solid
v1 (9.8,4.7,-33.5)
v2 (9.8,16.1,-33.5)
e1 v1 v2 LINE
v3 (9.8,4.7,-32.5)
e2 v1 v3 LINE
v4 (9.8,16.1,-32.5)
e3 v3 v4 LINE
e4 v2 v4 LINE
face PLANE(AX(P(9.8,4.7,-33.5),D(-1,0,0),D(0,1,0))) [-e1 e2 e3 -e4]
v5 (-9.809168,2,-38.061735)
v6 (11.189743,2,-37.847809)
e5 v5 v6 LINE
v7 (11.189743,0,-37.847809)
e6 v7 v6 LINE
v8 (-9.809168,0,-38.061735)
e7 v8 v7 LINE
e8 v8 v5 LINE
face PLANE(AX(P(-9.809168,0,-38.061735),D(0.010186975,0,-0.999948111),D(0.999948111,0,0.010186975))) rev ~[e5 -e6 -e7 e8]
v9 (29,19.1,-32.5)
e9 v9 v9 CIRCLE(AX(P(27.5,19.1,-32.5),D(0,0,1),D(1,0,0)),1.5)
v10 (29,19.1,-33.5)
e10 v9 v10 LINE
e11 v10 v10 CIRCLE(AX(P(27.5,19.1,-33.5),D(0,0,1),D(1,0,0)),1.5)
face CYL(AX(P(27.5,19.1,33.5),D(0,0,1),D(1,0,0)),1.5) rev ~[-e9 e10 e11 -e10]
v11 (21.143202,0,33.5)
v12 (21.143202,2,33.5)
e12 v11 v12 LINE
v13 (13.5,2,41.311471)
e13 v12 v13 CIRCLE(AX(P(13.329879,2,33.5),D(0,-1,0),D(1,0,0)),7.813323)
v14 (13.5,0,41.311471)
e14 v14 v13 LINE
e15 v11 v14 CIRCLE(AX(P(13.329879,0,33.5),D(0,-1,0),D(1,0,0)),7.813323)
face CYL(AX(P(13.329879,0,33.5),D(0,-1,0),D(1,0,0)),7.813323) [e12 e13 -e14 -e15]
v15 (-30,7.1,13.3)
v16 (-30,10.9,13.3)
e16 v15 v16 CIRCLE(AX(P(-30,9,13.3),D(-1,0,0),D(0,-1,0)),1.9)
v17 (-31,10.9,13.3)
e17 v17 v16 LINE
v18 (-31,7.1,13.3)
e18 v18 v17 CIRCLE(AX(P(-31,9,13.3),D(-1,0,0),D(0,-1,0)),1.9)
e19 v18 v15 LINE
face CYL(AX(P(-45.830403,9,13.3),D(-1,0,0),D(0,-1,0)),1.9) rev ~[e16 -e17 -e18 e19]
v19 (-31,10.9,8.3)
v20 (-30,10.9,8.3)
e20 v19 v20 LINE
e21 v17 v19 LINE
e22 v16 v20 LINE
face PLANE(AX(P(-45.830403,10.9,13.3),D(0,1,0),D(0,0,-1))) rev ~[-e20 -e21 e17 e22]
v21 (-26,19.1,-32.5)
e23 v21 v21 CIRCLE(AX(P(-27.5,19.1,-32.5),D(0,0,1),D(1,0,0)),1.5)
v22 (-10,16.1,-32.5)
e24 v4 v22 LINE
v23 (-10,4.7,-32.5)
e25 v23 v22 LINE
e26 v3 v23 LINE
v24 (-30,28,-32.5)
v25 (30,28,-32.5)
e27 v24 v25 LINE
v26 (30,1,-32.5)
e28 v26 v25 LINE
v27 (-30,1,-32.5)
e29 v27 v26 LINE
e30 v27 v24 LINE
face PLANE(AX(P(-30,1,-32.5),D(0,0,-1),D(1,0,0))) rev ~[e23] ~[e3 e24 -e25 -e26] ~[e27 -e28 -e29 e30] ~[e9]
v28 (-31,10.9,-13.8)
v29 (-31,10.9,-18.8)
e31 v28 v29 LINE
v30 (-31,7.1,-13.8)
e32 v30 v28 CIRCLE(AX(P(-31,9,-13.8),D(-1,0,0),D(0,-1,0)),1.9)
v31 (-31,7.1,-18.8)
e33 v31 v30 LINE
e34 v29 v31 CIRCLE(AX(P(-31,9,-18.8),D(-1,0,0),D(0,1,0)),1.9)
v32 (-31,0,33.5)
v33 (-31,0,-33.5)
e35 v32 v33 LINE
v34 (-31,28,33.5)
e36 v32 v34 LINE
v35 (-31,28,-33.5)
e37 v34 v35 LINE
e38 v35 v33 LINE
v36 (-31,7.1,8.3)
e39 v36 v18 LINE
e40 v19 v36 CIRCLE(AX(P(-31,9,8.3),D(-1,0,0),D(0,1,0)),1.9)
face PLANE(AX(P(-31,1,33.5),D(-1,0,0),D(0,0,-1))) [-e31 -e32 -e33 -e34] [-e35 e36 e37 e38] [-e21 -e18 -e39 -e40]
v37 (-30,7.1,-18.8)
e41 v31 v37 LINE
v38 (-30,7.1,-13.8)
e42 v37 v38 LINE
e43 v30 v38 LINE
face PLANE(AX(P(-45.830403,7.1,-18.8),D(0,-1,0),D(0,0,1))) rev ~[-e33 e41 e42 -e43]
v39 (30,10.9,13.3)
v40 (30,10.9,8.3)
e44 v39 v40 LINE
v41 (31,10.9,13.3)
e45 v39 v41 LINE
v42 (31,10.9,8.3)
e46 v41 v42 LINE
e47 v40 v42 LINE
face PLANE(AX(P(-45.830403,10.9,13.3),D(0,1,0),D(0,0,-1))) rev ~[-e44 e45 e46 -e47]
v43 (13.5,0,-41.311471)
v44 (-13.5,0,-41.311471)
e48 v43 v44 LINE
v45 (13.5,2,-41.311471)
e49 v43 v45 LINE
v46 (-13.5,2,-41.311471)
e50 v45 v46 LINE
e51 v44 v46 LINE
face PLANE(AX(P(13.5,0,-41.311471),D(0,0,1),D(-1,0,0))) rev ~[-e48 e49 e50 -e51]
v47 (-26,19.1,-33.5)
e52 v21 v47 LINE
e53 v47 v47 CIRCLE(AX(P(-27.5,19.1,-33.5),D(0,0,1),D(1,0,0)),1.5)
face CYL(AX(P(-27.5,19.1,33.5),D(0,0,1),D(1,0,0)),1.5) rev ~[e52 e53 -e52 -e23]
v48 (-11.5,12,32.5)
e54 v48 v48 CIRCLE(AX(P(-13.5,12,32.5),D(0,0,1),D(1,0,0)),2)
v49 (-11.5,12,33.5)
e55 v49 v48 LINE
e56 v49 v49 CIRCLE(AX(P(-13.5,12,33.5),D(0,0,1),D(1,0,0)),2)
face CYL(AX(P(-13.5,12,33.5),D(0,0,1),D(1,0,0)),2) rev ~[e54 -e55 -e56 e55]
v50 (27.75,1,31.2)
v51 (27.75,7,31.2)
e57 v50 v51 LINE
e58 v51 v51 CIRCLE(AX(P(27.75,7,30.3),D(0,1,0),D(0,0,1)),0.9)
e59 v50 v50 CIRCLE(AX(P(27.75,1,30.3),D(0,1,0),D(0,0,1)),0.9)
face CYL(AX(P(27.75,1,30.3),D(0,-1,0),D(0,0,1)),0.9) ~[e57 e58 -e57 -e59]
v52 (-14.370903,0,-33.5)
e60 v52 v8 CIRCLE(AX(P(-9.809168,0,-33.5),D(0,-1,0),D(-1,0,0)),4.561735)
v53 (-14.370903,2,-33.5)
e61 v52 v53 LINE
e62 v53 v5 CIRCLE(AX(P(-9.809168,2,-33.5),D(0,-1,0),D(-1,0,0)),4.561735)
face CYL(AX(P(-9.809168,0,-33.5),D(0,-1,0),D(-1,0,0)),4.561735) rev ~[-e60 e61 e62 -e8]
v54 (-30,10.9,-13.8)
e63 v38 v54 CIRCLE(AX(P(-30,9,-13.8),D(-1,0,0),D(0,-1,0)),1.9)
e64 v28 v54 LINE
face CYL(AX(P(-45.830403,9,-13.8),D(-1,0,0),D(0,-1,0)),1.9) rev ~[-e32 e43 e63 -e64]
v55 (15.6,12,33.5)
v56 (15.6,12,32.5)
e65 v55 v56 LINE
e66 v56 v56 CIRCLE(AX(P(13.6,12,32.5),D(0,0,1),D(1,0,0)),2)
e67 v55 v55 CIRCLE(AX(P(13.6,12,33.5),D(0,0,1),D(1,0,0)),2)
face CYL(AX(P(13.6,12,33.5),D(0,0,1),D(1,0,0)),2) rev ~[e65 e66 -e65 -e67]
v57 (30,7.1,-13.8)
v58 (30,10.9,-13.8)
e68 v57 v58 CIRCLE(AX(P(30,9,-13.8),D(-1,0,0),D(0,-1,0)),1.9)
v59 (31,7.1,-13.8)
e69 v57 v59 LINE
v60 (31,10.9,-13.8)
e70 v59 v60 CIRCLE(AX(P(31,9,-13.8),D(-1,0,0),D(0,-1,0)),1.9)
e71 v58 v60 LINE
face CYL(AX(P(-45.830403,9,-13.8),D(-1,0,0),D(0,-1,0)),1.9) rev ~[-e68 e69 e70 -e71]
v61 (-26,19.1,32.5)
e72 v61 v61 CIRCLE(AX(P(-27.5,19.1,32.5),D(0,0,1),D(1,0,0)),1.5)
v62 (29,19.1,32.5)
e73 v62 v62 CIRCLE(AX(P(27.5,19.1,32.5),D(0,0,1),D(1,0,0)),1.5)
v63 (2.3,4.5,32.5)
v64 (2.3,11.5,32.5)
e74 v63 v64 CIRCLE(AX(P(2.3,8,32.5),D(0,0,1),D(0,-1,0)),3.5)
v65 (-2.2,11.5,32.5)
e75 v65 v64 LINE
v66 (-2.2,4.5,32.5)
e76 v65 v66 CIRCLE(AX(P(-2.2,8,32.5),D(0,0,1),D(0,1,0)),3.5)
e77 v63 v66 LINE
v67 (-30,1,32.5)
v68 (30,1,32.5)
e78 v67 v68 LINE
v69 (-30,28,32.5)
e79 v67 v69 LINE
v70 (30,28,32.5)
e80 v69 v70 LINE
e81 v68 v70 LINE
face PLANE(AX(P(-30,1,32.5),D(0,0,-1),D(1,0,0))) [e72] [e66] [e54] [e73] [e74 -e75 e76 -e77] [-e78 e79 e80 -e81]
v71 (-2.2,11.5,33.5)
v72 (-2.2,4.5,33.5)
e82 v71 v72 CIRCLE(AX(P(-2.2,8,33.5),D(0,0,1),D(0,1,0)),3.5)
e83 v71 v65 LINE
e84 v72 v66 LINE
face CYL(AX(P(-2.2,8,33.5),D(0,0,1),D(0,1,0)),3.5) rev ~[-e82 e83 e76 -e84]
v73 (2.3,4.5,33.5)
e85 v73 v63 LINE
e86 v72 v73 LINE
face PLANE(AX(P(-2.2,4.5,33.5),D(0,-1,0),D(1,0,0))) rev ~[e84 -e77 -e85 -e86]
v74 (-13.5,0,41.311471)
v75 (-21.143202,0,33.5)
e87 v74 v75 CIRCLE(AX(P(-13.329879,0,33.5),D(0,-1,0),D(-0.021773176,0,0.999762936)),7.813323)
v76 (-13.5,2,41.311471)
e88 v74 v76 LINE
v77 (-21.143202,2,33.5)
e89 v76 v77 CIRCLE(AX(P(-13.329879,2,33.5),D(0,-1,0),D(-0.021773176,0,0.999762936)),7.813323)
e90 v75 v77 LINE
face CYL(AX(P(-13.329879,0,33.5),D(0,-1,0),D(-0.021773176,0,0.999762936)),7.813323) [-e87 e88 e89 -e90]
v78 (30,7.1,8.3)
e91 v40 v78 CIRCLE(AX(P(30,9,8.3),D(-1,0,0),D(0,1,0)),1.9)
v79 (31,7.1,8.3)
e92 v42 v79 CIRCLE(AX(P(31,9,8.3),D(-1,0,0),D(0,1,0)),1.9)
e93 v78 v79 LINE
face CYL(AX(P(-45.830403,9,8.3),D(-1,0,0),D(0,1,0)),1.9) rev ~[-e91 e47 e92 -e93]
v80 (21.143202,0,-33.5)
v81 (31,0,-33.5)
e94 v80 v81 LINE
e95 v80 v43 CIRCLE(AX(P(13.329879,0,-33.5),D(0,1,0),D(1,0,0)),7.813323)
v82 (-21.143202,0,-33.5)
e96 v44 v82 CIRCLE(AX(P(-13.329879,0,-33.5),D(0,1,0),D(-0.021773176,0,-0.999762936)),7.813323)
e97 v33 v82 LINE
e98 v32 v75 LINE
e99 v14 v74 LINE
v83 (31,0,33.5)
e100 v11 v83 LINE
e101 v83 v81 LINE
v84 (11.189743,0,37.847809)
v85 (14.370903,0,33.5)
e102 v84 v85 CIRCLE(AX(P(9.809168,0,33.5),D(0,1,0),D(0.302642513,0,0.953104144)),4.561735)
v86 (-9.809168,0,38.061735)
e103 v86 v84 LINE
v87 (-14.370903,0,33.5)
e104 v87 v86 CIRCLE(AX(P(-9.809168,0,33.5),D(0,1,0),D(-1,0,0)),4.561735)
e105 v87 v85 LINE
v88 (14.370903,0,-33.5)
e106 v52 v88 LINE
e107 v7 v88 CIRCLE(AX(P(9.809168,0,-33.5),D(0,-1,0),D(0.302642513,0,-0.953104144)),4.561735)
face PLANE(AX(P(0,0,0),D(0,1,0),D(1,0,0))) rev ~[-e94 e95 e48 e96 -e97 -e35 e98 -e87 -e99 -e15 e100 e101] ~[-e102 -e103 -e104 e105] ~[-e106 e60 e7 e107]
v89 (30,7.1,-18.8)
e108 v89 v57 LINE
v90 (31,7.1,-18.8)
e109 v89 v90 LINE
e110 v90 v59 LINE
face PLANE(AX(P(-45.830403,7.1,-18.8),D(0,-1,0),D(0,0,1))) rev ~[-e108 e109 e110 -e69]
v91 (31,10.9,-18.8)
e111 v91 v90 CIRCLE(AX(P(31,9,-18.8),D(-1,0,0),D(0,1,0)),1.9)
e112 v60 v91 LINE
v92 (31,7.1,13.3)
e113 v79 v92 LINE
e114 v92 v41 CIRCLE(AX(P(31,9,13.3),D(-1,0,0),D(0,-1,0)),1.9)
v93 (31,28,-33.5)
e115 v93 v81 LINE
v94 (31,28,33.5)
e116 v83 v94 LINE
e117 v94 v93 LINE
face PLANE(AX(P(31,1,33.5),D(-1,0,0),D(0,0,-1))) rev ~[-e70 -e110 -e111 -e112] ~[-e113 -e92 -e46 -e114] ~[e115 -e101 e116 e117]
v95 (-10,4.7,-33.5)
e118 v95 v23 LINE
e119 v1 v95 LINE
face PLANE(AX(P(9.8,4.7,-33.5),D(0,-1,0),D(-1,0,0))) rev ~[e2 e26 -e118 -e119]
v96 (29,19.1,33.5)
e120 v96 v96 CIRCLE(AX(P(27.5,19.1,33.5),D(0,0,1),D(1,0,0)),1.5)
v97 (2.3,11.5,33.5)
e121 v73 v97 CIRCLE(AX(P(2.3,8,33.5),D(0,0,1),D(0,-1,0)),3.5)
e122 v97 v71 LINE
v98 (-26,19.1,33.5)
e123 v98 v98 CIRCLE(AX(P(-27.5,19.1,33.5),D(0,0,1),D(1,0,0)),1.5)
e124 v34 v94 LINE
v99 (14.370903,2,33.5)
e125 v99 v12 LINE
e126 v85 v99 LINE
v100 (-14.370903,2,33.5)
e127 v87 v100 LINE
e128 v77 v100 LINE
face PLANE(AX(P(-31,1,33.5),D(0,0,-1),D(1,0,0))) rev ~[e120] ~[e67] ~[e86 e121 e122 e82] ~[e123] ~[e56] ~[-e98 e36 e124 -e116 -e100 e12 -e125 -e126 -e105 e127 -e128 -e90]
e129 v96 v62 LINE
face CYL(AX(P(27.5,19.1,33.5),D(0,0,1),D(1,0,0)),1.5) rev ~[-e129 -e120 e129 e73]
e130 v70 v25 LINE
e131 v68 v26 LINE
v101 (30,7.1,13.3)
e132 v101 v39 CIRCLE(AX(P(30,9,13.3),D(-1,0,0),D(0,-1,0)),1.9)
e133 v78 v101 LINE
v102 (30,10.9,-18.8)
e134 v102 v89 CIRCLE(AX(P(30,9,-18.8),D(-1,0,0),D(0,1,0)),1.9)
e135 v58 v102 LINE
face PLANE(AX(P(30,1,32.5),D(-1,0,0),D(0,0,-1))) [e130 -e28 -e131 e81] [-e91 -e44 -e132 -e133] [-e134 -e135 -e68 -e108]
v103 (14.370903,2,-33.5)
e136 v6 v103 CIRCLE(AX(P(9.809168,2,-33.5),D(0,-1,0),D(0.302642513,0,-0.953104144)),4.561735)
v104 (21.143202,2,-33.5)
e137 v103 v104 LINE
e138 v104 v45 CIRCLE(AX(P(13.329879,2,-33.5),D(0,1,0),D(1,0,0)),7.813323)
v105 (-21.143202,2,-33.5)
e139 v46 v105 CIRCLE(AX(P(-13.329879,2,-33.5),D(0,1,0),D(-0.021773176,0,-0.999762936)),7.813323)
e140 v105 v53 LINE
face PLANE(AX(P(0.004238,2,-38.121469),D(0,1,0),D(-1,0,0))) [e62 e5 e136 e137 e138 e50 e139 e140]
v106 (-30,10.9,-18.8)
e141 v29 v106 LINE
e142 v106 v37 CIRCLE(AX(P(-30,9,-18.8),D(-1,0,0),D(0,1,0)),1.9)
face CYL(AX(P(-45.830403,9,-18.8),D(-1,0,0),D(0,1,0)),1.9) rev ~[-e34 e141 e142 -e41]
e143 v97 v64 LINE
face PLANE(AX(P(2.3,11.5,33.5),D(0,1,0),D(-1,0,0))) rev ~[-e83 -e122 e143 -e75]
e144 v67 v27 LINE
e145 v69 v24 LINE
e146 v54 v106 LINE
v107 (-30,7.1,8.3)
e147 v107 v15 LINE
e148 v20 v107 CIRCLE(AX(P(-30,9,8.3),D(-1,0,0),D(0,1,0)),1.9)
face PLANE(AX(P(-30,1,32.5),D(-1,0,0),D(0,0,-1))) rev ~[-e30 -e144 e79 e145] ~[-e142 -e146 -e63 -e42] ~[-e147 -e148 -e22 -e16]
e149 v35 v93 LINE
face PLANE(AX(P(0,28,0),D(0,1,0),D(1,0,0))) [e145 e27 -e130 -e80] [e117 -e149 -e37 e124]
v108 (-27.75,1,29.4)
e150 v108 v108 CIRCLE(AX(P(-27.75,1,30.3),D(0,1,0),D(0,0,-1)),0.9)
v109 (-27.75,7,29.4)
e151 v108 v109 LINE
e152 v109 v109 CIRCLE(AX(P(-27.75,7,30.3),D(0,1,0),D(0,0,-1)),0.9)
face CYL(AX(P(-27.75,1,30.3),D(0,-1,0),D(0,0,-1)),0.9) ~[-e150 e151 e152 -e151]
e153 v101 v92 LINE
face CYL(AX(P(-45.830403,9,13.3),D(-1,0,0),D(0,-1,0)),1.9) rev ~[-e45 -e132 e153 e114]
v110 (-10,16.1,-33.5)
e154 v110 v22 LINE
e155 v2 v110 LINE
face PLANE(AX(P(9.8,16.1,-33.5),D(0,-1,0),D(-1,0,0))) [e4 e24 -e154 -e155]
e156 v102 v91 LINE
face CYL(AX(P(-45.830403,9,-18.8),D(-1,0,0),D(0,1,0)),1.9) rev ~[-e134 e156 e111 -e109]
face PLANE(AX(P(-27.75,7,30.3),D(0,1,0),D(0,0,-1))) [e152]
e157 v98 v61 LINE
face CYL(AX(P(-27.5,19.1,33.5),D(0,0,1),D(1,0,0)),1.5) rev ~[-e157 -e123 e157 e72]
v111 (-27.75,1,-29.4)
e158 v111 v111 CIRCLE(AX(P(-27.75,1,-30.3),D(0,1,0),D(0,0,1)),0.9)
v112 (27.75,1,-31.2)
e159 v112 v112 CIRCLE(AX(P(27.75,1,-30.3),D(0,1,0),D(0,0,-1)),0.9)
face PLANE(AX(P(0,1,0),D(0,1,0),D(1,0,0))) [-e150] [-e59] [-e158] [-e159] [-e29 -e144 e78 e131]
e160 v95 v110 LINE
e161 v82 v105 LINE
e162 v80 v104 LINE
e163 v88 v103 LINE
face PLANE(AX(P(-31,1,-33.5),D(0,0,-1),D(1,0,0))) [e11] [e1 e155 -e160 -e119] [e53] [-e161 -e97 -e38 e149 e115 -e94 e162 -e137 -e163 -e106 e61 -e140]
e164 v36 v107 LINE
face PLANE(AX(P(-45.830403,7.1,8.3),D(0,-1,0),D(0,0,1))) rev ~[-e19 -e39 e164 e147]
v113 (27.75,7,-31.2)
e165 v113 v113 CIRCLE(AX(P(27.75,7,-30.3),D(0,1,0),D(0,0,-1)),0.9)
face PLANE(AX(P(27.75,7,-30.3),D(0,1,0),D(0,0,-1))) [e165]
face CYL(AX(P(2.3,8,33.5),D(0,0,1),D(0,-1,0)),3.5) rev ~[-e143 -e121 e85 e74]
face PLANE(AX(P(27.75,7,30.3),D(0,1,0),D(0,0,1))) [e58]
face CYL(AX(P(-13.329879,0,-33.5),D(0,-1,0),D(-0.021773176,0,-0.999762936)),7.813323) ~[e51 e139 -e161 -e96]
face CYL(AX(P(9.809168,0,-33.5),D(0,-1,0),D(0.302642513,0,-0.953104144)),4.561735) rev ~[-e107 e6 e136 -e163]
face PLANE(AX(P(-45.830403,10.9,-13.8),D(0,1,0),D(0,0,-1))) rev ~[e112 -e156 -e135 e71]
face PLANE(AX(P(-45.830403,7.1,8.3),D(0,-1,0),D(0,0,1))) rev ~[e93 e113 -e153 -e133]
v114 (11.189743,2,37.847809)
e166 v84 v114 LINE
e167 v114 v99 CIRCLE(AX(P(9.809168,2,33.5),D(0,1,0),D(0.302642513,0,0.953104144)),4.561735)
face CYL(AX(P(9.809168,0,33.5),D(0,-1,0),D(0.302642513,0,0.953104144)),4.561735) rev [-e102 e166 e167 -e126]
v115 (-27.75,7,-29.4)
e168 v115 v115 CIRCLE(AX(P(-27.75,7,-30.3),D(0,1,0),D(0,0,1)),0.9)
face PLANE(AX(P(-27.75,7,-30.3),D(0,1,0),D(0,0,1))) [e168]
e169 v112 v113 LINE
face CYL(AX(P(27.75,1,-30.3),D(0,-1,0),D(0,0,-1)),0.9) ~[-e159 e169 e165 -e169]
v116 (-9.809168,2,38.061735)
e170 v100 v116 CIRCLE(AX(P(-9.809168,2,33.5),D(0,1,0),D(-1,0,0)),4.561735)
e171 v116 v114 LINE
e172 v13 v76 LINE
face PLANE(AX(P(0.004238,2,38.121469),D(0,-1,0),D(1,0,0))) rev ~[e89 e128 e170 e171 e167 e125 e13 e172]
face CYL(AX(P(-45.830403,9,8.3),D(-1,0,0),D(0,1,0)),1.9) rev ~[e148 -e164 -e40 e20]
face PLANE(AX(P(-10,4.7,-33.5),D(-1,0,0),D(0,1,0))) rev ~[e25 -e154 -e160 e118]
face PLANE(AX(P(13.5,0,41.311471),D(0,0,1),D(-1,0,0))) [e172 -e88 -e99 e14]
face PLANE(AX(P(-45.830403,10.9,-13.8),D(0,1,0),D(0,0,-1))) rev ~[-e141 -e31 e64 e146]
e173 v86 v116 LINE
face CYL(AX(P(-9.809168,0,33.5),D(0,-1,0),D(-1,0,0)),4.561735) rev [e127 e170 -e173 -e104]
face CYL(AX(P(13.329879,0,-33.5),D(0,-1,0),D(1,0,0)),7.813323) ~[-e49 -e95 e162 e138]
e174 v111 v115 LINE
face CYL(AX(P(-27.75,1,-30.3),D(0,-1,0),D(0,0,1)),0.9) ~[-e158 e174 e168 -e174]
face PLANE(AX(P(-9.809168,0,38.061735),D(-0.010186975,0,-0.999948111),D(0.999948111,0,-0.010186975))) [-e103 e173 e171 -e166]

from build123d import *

# Parameters (mm, degrees)
SKETCH_1_W               = 62
SKETCH_1_H               = 67
EXTRUDE_1_DEPTH          = 1
SKETCH_3_R               = 0.9
EXTRUDE_2_DEPTH          = 6
SKETCH_5_W               = 62
SKETCH_5_H               = 67
SKETCH_5_W_2             = 60
SKETCH_5_H_2             = 65
EXTRUDE_3_DEPTH          = 27
SKETCH_6_W               = 19.8
SKETCH_6_H               = 11.4
CUT_EXTRUDE_1_DEPTH      = 2
CUT_EXTRUDE_2_DEPTH      = 76.830402874
CUT_EXTRUDE_2_DEPTH_BACK = 76.830402874
CUT_EXTRUDE_3_DEPTH      = 2
SKETCH_8_3_R             = 2
CUT_EXTRUDE_4_DEPTH      = 10
SKETCH_9_R               = 1.5
CUT_EXTRUDE_5_DEPTH      = 79.955683773
EXTRUDE_4_DEPTH          = 2


with BuildPart() as part:
    # Эскиз1 → Бобышка-Вытянуть1 (new body)
    with BuildSketch(Plane(origin=(0, 0, 0), x_dir=(1, 0, 0), z_dir=(0, 1, 0))):
        Rectangle(SKETCH_1_W, SKETCH_1_H)
    extrude(amount=EXTRUDE_1_DEPTH)

    # Эскиз3 → Бобышка-Вытянуть2 (add)
    with BuildSketch(Plane(origin=(0, 1, 0), x_dir=(1, 0, 0), z_dir=(0, 1, 0))):
        with Locations((27.75, -30.3)):
            Circle(SKETCH_3_R)
        with Locations((27.75, 30.3)):
            Circle(SKETCH_3_R)
        with Locations((-27.75, -30.3)):
            Circle(SKETCH_3_R)
        with Locations((-27.75, 30.3)):
            Circle(SKETCH_3_R)
    extrude(amount=EXTRUDE_2_DEPTH)

    # Эскиз5 → Бобышка-Вытянуть3 (add)
    with BuildSketch(Plane(origin=(0, 1, 0), x_dir=(1, 0, 0), z_dir=(0, 1, 0))):
        Rectangle(SKETCH_5_W, SKETCH_5_H)
        Rectangle(SKETCH_5_W_2, SKETCH_5_H_2, mode=Mode.SUBTRACT)
    extrude(amount=EXTRUDE_3_DEPTH)

    # Эскиз6 → Вырез-Вытянуть1 (cut)
    with BuildSketch(Plane(origin=(0, 0, -33.5), x_dir=(-1, 0, 0), z_dir=(0, 0, -1))):
        with Locations((0.1, 10.4)):
            Rectangle(SKETCH_6_W, SKETCH_6_H)
    extrude(amount=-CUT_EXTRUDE_1_DEPTH, mode=Mode.SUBTRACT)

    # Эскиз7 → Вырез-Вытянуть2 (cut, two sides: drawn at the far end of the back side and taken through both)
    with BuildSketch(Plane(origin=(31, 0, 0), x_dir=(0, 0, -1), z_dir=(1, 0, 0)).offset(-CUT_EXTRUDE_2_DEPTH_BACK)):
        with BuildLine():
            Line((-13.3, 10.9), (-8.3, 10.9))
            ThreePointArc((-8.3, 10.9), (-6.4, 9), (-8.3, 7.1))
            Line((-8.3, 7.1), (-13.3, 7.1))
            ThreePointArc((-13.3, 7.1), (-15.2, 9), (-13.3, 10.9))
        make_face()
        with BuildLine():
            Line((13.8, 10.9), (18.8, 10.9))
            ThreePointArc((18.8, 10.9), (20.7, 9), (18.8, 7.1))
            Line((18.8, 7.1), (13.8, 7.1))
            ThreePointArc((13.8, 7.1), (11.9, 9), (13.8, 10.9))
        make_face()
    extrude(amount=CUT_EXTRUDE_2_DEPTH + CUT_EXTRUDE_2_DEPTH_BACK, mode=Mode.SUBTRACT)

    # Эскиз8 → Вырез-Вытянуть3 (cut)
    with BuildSketch(Plane.XY.offset(33.5)):
        with BuildLine():
            Line((-2.2, 4.5), (2.3, 4.5))
            ThreePointArc((2.3, 4.5), (5.8, 8), (2.3, 11.5))
            Line((2.3, 11.5), (-2.2, 11.5))
            ThreePointArc((-2.2, 11.5), (-5.7, 8), (-2.2, 4.5))
        make_face()
    extrude(amount=-CUT_EXTRUDE_3_DEPTH, mode=Mode.SUBTRACT)

    # Эскиз8<3> → Вырез-Вытянуть4 (cut)
    with BuildSketch(Plane.XY.offset(33.5)):
        with Locations((-13.5, 12)):
            Circle(SKETCH_8_3_R)
        with Locations((13.6, 12)):
            Circle(SKETCH_8_3_R)
    extrude(amount=-CUT_EXTRUDE_4_DEPTH, mode=Mode.SUBTRACT)

    # Эскиз9 → Вырез-Вытянуть5 (cut, through all)
    with BuildSketch(Plane.XY.offset(33.5)):
        with Locations((-27.5, 19.1)):
            Circle(SKETCH_9_R)
        with Locations((27.5, 19.1)):
            Circle(SKETCH_9_R)
    extrude(amount=-CUT_EXTRUDE_5_DEPTH, mode=Mode.SUBTRACT)

    # Эскиз10 → Бобышка-Вытянуть4 (add)
    with BuildSketch(Plane.XZ):
        with BuildLine():
            Line((14.370902848, -33.5), (21.143202049, -33.5))
            ThreePointArc((21.143202049, -33.5), (18.914555679, -38.964375793), (13.5, -41.311470647))
            Line((13.5, -41.311470647), (-13.5, -41.311470647))
            ThreePointArc((-13.5, -41.311470647), (-18.914555679, -38.964375793), (-21.143202049, -33.5))
            Line((-21.143202049, -33.5), (-14.370902848, -33.5))
            ThreePointArc((-14.370902848, -33.5), (-13.034801548, -36.725633878), (-9.80916767, -38.061735178))
            Line((-9.80916767, -38.061735178), (11.18974267, -37.847808701))
            ThreePointArc((11.18974267, -37.847808701), (13.490692176, -36.193660176), (14.370902848, -33.5))
        make_face()
        with BuildLine():
            Line((-21.143202049, 33.5), (-14.39209337, 33.5))
            Line((-14.39209337, 33.5), (-14.370902848, 33.5))
            ThreePointArc((-14.370902848, 33.5), (-13.034801548, 36.725633878), (-9.80916767, 38.061735178))
            Line((-9.80916767, 38.061735178), (11.18974267, 37.847808701))
            ThreePointArc((11.18974267, 37.847808701), (13.490692176, 36.193660176), (14.370902848, 33.5))
            Line((14.370902848, 33.5), (21.143202049, 33.5))
            ThreePointArc((21.143202049, 33.5), (18.914555679, 38.964375793), (13.5, 41.311470647))
            Line((13.5, 41.311470647), (-13.5, 41.311470647))
            ThreePointArc((-13.5, 41.311470647), (-18.914555679, 38.964375793), (-21.143202049, 33.5))
        make_face()
    extrude(amount=-EXTRUDE_4_DEPTH)


solid = part.part
